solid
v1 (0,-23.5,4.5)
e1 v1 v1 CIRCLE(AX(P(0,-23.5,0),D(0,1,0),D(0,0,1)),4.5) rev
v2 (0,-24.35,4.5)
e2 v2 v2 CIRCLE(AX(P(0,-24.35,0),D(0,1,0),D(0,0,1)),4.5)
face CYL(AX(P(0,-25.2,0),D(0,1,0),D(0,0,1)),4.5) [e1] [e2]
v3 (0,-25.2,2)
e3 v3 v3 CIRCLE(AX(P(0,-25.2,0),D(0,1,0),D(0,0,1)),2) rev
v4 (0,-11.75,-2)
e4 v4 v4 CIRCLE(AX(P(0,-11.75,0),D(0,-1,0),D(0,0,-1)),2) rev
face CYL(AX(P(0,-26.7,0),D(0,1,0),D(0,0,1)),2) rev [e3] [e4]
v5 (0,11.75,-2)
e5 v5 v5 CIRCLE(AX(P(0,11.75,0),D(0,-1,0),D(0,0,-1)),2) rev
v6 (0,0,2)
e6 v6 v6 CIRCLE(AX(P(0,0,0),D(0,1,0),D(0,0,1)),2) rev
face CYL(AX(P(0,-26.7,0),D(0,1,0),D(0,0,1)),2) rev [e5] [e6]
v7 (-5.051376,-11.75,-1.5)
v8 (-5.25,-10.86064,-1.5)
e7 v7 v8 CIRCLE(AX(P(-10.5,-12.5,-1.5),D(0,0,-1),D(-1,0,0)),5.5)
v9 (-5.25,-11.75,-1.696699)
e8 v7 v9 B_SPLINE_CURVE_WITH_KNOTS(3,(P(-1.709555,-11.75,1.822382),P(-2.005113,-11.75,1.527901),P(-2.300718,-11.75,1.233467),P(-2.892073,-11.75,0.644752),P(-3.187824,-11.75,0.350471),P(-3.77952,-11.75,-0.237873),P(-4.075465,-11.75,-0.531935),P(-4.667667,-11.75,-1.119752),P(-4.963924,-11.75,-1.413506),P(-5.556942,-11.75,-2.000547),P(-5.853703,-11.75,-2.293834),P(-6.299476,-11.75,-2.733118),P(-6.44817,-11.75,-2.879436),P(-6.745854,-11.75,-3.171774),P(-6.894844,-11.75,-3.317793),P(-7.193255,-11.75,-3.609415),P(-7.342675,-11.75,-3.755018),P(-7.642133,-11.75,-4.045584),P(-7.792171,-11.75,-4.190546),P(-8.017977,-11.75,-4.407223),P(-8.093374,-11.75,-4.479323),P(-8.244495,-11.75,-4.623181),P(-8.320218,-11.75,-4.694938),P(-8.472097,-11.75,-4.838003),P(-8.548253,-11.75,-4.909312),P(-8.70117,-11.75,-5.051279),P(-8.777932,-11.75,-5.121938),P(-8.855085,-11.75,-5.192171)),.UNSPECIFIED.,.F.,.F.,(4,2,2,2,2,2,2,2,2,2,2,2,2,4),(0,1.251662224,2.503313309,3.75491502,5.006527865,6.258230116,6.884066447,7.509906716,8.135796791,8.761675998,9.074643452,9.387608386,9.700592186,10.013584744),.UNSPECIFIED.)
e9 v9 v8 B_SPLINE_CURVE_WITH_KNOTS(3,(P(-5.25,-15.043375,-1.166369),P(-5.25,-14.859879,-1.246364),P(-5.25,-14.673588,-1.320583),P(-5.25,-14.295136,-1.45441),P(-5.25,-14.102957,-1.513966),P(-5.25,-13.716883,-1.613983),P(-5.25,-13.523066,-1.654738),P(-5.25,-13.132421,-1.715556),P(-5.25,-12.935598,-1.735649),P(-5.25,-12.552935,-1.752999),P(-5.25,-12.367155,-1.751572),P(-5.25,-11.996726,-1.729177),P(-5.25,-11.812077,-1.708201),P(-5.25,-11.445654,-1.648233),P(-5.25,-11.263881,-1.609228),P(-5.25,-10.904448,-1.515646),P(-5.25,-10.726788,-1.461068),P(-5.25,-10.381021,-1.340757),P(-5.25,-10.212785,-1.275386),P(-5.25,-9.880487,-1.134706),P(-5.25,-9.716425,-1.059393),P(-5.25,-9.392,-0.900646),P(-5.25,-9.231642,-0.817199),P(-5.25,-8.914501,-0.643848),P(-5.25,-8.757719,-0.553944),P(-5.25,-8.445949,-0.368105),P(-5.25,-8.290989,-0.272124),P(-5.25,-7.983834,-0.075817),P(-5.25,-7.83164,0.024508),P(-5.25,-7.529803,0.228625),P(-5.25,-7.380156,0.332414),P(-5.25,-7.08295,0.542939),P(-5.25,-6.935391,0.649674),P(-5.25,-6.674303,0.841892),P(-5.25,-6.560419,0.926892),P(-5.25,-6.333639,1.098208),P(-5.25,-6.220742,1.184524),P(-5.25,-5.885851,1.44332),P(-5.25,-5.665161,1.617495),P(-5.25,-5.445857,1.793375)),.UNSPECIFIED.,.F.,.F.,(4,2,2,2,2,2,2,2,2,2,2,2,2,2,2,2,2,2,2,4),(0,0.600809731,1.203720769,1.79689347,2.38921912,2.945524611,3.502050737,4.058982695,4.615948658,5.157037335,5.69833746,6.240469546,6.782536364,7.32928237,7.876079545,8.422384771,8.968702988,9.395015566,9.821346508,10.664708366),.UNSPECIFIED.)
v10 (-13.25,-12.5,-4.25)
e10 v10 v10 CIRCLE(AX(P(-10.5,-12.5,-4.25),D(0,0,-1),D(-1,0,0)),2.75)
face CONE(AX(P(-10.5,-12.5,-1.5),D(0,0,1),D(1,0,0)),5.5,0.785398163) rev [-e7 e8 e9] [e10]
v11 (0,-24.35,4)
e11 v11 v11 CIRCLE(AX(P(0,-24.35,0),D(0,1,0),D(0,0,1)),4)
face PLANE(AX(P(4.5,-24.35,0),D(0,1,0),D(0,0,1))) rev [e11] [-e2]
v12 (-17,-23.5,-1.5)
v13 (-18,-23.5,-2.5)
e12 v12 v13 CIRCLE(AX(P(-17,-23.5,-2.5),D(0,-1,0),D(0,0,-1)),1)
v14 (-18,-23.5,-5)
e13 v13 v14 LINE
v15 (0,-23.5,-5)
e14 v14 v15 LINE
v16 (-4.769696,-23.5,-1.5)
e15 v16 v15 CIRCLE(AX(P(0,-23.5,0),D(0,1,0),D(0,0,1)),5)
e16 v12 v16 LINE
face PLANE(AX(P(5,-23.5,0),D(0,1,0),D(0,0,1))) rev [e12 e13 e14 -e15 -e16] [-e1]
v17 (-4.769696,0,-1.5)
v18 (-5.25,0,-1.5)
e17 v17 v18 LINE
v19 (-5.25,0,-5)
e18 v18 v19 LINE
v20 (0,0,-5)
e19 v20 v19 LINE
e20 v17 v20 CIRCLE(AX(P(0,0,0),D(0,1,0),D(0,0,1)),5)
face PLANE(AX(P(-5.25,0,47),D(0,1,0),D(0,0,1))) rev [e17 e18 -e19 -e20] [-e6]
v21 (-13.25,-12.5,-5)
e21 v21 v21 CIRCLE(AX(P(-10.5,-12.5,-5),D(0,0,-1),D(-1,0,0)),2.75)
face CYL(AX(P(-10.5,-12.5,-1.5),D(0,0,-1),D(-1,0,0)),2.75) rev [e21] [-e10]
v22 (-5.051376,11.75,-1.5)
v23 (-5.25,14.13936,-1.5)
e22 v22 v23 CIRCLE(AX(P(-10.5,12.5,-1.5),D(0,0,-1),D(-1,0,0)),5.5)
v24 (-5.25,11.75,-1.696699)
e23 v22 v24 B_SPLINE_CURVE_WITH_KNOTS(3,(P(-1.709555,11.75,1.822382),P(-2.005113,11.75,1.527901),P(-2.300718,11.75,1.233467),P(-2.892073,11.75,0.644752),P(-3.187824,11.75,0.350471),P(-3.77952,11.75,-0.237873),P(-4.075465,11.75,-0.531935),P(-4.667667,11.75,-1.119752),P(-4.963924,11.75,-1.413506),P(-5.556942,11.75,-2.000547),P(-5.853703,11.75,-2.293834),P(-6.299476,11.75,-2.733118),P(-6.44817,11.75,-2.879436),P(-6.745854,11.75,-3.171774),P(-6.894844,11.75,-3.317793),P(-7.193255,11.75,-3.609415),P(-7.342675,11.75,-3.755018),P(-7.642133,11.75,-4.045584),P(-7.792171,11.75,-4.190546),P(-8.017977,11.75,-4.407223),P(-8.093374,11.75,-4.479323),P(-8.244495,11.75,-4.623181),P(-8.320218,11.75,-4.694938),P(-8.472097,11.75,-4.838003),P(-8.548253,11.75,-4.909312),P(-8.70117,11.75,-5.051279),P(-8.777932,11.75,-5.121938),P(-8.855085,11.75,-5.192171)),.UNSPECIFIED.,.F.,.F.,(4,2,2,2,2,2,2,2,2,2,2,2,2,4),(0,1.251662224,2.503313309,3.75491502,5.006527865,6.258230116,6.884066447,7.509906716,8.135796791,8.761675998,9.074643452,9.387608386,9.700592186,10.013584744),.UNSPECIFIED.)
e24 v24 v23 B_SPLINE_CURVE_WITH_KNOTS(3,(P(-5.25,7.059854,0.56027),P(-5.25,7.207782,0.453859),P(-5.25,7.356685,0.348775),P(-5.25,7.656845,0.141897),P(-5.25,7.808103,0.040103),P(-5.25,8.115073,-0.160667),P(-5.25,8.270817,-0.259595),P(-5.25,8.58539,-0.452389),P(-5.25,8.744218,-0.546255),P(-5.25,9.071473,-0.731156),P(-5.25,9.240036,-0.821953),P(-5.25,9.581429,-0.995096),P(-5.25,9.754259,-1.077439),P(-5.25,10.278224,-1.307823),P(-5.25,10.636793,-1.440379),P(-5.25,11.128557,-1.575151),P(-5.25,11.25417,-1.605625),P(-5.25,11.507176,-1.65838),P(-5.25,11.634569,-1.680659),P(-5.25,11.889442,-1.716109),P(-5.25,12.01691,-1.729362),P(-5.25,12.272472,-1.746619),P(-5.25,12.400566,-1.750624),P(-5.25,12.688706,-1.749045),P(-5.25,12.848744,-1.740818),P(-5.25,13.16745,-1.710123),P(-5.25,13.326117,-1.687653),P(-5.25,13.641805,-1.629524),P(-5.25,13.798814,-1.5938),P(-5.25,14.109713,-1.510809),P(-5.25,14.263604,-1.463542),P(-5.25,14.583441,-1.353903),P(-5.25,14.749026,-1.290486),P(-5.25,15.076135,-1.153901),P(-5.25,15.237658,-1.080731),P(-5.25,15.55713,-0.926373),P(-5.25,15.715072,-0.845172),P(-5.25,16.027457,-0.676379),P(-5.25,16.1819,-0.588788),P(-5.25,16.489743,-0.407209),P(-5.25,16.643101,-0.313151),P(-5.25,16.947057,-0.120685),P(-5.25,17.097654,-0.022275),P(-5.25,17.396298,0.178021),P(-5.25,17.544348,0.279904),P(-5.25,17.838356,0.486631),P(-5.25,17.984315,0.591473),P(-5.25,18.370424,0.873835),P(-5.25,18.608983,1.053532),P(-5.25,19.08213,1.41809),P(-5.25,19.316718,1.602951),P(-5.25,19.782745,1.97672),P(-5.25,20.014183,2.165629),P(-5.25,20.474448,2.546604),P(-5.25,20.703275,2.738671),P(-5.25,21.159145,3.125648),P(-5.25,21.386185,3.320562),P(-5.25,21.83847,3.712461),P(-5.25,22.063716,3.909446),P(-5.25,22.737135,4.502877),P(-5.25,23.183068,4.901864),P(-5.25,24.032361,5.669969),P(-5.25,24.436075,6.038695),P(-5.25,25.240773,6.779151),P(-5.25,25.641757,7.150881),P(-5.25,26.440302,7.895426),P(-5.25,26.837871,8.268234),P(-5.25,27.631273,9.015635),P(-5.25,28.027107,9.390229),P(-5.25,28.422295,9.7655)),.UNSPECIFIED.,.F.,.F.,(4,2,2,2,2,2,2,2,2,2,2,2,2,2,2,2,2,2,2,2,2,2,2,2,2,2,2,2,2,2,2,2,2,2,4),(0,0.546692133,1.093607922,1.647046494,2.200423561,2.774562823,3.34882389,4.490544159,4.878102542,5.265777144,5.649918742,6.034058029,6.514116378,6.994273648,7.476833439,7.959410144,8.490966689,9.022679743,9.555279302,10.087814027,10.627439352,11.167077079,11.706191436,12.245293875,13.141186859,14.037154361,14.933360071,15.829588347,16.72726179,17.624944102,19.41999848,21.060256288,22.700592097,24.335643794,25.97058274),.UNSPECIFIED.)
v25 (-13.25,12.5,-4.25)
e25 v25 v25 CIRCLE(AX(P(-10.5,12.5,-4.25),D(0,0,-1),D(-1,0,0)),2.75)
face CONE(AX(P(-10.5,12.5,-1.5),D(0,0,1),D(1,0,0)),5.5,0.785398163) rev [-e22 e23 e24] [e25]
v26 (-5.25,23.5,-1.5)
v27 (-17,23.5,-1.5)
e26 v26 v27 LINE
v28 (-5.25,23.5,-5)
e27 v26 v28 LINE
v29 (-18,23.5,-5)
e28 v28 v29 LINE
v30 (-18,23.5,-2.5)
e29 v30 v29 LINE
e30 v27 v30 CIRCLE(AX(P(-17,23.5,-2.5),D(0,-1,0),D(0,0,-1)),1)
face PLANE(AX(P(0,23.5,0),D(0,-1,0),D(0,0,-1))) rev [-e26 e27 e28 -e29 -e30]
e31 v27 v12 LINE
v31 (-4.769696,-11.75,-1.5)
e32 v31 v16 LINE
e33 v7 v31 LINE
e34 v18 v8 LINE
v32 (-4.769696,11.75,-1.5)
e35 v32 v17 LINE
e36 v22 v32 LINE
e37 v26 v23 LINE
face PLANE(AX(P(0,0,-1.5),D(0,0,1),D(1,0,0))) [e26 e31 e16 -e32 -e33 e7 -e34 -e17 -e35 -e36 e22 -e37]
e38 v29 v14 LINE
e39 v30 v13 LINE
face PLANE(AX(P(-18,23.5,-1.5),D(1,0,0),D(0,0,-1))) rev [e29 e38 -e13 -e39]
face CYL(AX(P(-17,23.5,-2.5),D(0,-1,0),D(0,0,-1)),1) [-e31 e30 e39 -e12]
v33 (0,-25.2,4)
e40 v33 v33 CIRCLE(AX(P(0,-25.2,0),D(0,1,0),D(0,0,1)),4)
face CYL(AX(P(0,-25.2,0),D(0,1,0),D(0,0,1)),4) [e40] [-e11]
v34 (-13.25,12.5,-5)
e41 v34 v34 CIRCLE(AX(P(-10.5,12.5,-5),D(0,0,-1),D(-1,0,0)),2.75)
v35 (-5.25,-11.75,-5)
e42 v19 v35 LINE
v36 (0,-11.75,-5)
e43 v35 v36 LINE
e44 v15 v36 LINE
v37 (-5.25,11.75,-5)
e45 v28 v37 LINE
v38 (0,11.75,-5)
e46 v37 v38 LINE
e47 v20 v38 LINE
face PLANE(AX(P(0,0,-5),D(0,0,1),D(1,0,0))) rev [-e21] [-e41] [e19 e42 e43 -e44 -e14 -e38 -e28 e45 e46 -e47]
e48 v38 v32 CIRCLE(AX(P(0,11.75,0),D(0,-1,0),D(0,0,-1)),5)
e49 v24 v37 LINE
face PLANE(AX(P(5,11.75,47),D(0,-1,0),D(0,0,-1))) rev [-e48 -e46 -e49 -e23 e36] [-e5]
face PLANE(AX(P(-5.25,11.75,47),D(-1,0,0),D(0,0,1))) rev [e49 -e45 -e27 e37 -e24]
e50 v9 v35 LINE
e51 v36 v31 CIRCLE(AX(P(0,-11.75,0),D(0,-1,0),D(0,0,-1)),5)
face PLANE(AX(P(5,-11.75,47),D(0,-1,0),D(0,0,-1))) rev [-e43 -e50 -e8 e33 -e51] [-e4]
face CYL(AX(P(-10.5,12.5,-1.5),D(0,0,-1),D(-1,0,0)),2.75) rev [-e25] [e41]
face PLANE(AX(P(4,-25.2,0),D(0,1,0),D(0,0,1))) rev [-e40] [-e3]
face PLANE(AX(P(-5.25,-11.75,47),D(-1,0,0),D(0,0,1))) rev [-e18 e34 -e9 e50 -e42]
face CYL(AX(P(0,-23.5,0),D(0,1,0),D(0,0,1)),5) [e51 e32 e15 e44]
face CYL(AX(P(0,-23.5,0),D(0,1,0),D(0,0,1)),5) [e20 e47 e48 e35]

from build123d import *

# Parameters (mm, degrees)
SKETCH1_W               = 5
SKETCH1_H               = 47
SKETCH2_W               = 18
SKETCH2_H               = 47
BOSS_EXTRUDE1_DEPTH     = 3.5
CUT_EXTRUDE1_DEPTH      = 47
CUT_EXTRUDE1_DEPTH_BACK = 47
SKETCH3_W               = 94
SKETCH3_H               = 94
SKETCH5_W               = 2
SKETCH5_H               = 53.4
CUT_EXTRUDE2_DEPTH      = 23.5
CUT_EXTRUDE2_DEPTH_BACK = 23.5


with BuildPart() as part:
    # Sketch1 → Revolve1 (revolve)
    with BuildSketch(Plane.XY):
        with Locations((2.5, 0)):
            Rectangle(SKETCH1_W, SKETCH1_H)
    revolve(axis=Axis((0, -23.5, 0), (0, 1, 0)))

    # Sketch2 → Boss-Extrude1 (add)
    with BuildSketch(Plane.XY.offset(-5)):
        with Locations((-9, 0)):
            Rectangle(SKETCH2_W, SKETCH2_H)
    extrude(amount=BOSS_EXTRUDE1_DEPTH)

    # Sketch3 → Cut-Extrude1 (cut, two sides: drawn at the far end of the back side and taken through both)
    with BuildSketch(Plane.XY.offset(-CUT_EXTRUDE1_DEPTH_BACK)):
        Rectangle(SKETCH3_W, SKETCH3_H)
        Polygon((-18, -23.5), (5, -23.5), (5, -11.75), (-5.25, -11.75), (-5.25, 0), (5, 0), (5, 11.75), (-5.25, 11.75), (-5.25, 23.5), (-18, 23.5), align=None, mode=Mode.SUBTRACT)
    extrude(amount=CUT_EXTRUDE1_DEPTH + CUT_EXTRUDE1_DEPTH_BACK, mode=Mode.SUBTRACT)

    # Sketch4 → Revolve2 (revolve)
    with BuildSketch(Plane.XY):
        Polygon((0, -23.5), (4.5, -23.5), (4.5, -24.35), (4, -24.35), (4, -25.2), (0, -25.2), align=None)
    revolve(axis=Axis((0, -25.2, 0), (0, 1, 0)))

    # Sketch5 → Cut-Revolve1 (revolve, cut)
    with BuildSketch(Plane.XY):
        with Locations((1, 0)):
            Rectangle(SKETCH5_W, SKETCH5_H)
    revolve(axis=Axis((0, -26.7, 0), (0, 1, 0)), mode=Mode.SUBTRACT)

    # Sketch6 → Cut-Revolve2 (revolve, cut)
    with BuildSketch(Plane(origin=(-10.5, 0, 0), x_dir=(0, 0, -1), z_dir=(1, 0, 0))):
        Polygon((5, -12.5), (5, -15.25), (4.25, -15.25), (1.5, -18), (1.5, -12.5), align=None)
    revolve(axis=Axis((-10.5, -12.5, -1.5), (0, 0, -1)), mode=Mode.SUBTRACT)

    # Sketch7 → Cut-Revolve3 (revolve, cut)
    with BuildSketch(Plane(origin=(-10.5, 0, 0), x_dir=(0, 0, -1), z_dir=(1, 0, 0))):
        Polygon((5, 12.5), (5, 9.75), (4.25, 9.75), (1.5, 7), (1.5, 12.5), align=None)
    revolve(axis=Axis((-10.5, 12.5, -1.5), (0, 0, -1)), mode=Mode.SUBTRACT)

    # Sketch8 → Cut-Extrude2 (cut, two sides: drawn at the far end of the back side and taken through both)
    with BuildSketch(Plane(origin=(0, 0, 0), x_dir=(1, 0, 0), z_dir=(0, 1, 0)).offset(-CUT_EXTRUDE2_DEPTH_BACK)):
        with BuildLine():
            Line((-18, 2.5), (-18, 1.5))
            Line((-18, 1.5), (-17, 1.5))
            ThreePointArc((-17, 1.5), (-17.707106781, 1.792893219), (-18, 2.5))
        make_face()
    extrude(amount=CUT_EXTRUDE2_DEPTH + CUT_EXTRUDE2_DEPTH_BACK, mode=Mode.SUBTRACT)


solid = part.part
